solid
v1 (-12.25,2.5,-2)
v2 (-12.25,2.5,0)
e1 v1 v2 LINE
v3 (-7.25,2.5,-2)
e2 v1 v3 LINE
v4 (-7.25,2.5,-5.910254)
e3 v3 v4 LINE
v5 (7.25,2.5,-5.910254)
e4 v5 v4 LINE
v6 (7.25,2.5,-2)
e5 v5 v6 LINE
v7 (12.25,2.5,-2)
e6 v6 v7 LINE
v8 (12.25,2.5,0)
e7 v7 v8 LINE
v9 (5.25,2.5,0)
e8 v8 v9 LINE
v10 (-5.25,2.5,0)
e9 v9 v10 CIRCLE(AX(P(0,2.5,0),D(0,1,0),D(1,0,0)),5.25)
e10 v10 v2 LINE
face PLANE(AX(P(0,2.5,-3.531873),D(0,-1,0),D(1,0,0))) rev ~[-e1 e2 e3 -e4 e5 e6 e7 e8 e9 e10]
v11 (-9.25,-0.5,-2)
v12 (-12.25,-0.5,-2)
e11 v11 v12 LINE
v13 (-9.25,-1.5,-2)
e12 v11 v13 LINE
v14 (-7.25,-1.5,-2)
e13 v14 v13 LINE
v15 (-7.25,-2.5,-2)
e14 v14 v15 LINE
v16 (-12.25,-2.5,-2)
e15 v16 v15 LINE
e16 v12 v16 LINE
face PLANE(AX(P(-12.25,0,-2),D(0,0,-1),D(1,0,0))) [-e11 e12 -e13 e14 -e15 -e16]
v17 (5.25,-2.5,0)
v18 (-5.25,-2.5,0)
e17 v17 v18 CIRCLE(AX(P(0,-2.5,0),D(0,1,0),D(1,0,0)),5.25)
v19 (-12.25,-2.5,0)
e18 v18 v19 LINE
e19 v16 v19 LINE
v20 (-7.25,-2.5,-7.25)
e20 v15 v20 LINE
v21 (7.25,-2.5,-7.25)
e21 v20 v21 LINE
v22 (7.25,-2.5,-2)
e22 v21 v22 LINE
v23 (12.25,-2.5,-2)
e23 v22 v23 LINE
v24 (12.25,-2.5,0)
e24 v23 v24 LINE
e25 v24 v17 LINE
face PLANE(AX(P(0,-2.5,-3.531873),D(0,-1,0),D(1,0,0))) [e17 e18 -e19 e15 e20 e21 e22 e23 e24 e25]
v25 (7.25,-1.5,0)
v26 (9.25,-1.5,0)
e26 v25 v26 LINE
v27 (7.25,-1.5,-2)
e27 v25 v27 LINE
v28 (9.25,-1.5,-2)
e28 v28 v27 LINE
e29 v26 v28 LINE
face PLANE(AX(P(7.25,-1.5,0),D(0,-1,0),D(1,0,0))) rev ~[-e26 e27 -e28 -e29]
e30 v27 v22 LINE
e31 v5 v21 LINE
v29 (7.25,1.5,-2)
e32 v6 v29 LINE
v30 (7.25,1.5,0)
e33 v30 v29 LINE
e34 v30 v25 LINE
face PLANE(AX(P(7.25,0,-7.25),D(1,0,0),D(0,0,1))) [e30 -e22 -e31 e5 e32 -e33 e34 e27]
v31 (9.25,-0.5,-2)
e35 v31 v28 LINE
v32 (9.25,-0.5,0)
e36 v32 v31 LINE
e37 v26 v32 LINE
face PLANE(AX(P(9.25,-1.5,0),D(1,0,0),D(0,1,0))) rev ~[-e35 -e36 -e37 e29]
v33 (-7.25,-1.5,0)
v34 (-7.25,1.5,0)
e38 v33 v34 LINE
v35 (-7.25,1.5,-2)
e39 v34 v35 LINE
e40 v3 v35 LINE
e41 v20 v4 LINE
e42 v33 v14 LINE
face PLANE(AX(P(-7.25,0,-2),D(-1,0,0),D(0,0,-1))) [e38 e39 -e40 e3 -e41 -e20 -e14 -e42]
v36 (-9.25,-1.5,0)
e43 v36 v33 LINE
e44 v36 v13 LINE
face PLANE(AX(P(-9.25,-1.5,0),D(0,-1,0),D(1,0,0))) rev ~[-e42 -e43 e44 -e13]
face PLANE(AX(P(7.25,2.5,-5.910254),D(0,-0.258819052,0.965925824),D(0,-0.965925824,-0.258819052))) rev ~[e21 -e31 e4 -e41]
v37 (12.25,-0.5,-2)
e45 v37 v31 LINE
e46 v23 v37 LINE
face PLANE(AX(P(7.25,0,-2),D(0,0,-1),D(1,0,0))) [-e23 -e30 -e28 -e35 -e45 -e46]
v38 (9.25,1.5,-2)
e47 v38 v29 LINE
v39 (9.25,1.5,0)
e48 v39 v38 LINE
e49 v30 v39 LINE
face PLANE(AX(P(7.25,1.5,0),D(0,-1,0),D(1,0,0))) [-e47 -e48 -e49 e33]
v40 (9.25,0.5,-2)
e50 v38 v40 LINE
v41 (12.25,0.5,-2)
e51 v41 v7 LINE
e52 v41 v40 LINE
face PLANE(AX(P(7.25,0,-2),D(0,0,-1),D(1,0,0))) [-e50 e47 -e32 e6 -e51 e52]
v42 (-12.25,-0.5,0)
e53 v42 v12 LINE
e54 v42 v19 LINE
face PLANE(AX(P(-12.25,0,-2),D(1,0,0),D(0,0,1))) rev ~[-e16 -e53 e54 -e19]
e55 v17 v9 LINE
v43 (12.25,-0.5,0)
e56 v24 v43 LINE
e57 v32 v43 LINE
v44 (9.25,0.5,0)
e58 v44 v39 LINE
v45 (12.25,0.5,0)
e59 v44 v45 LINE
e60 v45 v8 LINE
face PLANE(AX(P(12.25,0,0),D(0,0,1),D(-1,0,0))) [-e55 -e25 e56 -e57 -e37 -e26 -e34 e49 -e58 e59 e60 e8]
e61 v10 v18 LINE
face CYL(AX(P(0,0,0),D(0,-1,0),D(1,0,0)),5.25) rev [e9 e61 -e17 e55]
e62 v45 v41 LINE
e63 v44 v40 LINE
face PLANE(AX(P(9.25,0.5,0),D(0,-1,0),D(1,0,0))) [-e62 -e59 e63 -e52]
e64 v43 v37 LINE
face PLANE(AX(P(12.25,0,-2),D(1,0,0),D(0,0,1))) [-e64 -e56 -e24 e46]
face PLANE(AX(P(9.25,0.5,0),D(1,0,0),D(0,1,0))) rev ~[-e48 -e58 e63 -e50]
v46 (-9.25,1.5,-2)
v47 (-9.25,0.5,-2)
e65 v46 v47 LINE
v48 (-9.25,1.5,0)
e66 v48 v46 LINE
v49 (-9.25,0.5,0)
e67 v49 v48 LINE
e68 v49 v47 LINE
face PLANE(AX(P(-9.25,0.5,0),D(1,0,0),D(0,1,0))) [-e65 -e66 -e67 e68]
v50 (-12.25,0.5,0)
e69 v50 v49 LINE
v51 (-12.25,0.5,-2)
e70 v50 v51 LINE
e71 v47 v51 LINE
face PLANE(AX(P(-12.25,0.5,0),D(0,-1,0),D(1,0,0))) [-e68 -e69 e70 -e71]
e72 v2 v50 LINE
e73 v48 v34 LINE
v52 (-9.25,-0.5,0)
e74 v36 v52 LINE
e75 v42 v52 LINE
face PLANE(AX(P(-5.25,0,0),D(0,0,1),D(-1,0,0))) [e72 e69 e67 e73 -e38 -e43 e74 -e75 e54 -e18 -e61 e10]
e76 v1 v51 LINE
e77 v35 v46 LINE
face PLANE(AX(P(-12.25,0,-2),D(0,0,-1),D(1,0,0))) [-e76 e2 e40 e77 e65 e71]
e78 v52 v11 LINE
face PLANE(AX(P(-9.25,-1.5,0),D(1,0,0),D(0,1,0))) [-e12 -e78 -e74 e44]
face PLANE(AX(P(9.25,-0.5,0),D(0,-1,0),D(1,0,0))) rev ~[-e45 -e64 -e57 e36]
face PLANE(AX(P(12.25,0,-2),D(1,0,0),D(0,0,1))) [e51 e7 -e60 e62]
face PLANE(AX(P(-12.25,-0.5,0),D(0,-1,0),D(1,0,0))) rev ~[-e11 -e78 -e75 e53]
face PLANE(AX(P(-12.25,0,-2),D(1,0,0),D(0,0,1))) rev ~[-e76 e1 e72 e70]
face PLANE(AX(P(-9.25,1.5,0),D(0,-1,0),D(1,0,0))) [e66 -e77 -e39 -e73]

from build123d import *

# Parameters (mm, degrees)
F0_W     = 5
F0_H     = 2
F1_DEPTH = 2.5
F2_W     = 3
F2_H     = 1
F2_W_2   = 2
F3_DEPTH = 25
F5_DEPTH = 25


with BuildPart() as f1:
    # F0 (on Front) → F1 (new body, symmetric)
    with BuildSketch(Plane.XZ):
        with BuildLine():
            ThreePointArc((5.25, 0), (0, -5.25), (-5.25, 0))
            Line((-5.25, 0), (-7.25, 0))
            ThreePointArc((-7.25, 0), (-5.126524, -5.126524), (0, -7.25))
            ThreePointArc((0, -7.25), (5.126524, -5.126524), (7.25, 0))
            Line((7.25, 0), (5.25, 0))
        make_face()
        with BuildLine():
            ThreePointArc((0, -7.25), (-5.126524, -5.126524), (-7.25, 0))
            Line((-7.25, 0), (-7.25, -2))
            Line((-7.25, -2), (-7.25, -7.25))
            Line((-7.25, -7.25), (0, -7.25))
        make_face()
        with Locations((-9.75, -1)):
            Rectangle(F0_W, F0_H)
        with BuildLine():
            Line((7.25, -2), (7.25, 0))
            ThreePointArc((7.25, 0), (5.126524, -5.126524), (0, -7.25))
            Line((0, -7.25), (7.25, -7.25))
            Line((7.25, -7.25), (7.25, -2))
        make_face()
        with Locations((9.75, -1)):
            Rectangle(F0_W, F0_H)
    extrude(amount=F1_DEPTH, both=True)

    # F2 (on Top) → F3 (cut)
    with BuildSketch(Plane.XY):
        with Locations((-10.75, 0)):
            Rectangle(F2_W, F2_H)
        with Locations((-8.25, 1)):
            Rectangle(F2_W_2, F2_H)
        with Locations((-8.25, 0)):
            Rectangle(F2_W_2, F2_H)
        with Locations((-8.25, -1)):
            Rectangle(F2_W_2, F2_H)
        with Locations((10.75, 0)):
            Rectangle(F2_W, F2_H)
        with Locations((8.25, 1)):
            Rectangle(F2_W_2, F2_H)
        with Locations((8.25, 0)):
            Rectangle(F2_W_2, F2_H)
        with Locations((8.25, -1)):
            Rectangle(F2_W_2, F2_H)
    extrude(amount=-F3_DEPTH, mode=Mode.SUBTRACT)

    # F4 (on face) → F5 (cut)
    with BuildSketch(Plane.YZ.offset(7.25)):
        Polygon((2.5, -7.25), (2.5, -5.910254), (-2.5, -7.25), align=None)
    extrude(amount=-F5_DEPTH, mode=Mode.SUBTRACT)


solid = f1.part
